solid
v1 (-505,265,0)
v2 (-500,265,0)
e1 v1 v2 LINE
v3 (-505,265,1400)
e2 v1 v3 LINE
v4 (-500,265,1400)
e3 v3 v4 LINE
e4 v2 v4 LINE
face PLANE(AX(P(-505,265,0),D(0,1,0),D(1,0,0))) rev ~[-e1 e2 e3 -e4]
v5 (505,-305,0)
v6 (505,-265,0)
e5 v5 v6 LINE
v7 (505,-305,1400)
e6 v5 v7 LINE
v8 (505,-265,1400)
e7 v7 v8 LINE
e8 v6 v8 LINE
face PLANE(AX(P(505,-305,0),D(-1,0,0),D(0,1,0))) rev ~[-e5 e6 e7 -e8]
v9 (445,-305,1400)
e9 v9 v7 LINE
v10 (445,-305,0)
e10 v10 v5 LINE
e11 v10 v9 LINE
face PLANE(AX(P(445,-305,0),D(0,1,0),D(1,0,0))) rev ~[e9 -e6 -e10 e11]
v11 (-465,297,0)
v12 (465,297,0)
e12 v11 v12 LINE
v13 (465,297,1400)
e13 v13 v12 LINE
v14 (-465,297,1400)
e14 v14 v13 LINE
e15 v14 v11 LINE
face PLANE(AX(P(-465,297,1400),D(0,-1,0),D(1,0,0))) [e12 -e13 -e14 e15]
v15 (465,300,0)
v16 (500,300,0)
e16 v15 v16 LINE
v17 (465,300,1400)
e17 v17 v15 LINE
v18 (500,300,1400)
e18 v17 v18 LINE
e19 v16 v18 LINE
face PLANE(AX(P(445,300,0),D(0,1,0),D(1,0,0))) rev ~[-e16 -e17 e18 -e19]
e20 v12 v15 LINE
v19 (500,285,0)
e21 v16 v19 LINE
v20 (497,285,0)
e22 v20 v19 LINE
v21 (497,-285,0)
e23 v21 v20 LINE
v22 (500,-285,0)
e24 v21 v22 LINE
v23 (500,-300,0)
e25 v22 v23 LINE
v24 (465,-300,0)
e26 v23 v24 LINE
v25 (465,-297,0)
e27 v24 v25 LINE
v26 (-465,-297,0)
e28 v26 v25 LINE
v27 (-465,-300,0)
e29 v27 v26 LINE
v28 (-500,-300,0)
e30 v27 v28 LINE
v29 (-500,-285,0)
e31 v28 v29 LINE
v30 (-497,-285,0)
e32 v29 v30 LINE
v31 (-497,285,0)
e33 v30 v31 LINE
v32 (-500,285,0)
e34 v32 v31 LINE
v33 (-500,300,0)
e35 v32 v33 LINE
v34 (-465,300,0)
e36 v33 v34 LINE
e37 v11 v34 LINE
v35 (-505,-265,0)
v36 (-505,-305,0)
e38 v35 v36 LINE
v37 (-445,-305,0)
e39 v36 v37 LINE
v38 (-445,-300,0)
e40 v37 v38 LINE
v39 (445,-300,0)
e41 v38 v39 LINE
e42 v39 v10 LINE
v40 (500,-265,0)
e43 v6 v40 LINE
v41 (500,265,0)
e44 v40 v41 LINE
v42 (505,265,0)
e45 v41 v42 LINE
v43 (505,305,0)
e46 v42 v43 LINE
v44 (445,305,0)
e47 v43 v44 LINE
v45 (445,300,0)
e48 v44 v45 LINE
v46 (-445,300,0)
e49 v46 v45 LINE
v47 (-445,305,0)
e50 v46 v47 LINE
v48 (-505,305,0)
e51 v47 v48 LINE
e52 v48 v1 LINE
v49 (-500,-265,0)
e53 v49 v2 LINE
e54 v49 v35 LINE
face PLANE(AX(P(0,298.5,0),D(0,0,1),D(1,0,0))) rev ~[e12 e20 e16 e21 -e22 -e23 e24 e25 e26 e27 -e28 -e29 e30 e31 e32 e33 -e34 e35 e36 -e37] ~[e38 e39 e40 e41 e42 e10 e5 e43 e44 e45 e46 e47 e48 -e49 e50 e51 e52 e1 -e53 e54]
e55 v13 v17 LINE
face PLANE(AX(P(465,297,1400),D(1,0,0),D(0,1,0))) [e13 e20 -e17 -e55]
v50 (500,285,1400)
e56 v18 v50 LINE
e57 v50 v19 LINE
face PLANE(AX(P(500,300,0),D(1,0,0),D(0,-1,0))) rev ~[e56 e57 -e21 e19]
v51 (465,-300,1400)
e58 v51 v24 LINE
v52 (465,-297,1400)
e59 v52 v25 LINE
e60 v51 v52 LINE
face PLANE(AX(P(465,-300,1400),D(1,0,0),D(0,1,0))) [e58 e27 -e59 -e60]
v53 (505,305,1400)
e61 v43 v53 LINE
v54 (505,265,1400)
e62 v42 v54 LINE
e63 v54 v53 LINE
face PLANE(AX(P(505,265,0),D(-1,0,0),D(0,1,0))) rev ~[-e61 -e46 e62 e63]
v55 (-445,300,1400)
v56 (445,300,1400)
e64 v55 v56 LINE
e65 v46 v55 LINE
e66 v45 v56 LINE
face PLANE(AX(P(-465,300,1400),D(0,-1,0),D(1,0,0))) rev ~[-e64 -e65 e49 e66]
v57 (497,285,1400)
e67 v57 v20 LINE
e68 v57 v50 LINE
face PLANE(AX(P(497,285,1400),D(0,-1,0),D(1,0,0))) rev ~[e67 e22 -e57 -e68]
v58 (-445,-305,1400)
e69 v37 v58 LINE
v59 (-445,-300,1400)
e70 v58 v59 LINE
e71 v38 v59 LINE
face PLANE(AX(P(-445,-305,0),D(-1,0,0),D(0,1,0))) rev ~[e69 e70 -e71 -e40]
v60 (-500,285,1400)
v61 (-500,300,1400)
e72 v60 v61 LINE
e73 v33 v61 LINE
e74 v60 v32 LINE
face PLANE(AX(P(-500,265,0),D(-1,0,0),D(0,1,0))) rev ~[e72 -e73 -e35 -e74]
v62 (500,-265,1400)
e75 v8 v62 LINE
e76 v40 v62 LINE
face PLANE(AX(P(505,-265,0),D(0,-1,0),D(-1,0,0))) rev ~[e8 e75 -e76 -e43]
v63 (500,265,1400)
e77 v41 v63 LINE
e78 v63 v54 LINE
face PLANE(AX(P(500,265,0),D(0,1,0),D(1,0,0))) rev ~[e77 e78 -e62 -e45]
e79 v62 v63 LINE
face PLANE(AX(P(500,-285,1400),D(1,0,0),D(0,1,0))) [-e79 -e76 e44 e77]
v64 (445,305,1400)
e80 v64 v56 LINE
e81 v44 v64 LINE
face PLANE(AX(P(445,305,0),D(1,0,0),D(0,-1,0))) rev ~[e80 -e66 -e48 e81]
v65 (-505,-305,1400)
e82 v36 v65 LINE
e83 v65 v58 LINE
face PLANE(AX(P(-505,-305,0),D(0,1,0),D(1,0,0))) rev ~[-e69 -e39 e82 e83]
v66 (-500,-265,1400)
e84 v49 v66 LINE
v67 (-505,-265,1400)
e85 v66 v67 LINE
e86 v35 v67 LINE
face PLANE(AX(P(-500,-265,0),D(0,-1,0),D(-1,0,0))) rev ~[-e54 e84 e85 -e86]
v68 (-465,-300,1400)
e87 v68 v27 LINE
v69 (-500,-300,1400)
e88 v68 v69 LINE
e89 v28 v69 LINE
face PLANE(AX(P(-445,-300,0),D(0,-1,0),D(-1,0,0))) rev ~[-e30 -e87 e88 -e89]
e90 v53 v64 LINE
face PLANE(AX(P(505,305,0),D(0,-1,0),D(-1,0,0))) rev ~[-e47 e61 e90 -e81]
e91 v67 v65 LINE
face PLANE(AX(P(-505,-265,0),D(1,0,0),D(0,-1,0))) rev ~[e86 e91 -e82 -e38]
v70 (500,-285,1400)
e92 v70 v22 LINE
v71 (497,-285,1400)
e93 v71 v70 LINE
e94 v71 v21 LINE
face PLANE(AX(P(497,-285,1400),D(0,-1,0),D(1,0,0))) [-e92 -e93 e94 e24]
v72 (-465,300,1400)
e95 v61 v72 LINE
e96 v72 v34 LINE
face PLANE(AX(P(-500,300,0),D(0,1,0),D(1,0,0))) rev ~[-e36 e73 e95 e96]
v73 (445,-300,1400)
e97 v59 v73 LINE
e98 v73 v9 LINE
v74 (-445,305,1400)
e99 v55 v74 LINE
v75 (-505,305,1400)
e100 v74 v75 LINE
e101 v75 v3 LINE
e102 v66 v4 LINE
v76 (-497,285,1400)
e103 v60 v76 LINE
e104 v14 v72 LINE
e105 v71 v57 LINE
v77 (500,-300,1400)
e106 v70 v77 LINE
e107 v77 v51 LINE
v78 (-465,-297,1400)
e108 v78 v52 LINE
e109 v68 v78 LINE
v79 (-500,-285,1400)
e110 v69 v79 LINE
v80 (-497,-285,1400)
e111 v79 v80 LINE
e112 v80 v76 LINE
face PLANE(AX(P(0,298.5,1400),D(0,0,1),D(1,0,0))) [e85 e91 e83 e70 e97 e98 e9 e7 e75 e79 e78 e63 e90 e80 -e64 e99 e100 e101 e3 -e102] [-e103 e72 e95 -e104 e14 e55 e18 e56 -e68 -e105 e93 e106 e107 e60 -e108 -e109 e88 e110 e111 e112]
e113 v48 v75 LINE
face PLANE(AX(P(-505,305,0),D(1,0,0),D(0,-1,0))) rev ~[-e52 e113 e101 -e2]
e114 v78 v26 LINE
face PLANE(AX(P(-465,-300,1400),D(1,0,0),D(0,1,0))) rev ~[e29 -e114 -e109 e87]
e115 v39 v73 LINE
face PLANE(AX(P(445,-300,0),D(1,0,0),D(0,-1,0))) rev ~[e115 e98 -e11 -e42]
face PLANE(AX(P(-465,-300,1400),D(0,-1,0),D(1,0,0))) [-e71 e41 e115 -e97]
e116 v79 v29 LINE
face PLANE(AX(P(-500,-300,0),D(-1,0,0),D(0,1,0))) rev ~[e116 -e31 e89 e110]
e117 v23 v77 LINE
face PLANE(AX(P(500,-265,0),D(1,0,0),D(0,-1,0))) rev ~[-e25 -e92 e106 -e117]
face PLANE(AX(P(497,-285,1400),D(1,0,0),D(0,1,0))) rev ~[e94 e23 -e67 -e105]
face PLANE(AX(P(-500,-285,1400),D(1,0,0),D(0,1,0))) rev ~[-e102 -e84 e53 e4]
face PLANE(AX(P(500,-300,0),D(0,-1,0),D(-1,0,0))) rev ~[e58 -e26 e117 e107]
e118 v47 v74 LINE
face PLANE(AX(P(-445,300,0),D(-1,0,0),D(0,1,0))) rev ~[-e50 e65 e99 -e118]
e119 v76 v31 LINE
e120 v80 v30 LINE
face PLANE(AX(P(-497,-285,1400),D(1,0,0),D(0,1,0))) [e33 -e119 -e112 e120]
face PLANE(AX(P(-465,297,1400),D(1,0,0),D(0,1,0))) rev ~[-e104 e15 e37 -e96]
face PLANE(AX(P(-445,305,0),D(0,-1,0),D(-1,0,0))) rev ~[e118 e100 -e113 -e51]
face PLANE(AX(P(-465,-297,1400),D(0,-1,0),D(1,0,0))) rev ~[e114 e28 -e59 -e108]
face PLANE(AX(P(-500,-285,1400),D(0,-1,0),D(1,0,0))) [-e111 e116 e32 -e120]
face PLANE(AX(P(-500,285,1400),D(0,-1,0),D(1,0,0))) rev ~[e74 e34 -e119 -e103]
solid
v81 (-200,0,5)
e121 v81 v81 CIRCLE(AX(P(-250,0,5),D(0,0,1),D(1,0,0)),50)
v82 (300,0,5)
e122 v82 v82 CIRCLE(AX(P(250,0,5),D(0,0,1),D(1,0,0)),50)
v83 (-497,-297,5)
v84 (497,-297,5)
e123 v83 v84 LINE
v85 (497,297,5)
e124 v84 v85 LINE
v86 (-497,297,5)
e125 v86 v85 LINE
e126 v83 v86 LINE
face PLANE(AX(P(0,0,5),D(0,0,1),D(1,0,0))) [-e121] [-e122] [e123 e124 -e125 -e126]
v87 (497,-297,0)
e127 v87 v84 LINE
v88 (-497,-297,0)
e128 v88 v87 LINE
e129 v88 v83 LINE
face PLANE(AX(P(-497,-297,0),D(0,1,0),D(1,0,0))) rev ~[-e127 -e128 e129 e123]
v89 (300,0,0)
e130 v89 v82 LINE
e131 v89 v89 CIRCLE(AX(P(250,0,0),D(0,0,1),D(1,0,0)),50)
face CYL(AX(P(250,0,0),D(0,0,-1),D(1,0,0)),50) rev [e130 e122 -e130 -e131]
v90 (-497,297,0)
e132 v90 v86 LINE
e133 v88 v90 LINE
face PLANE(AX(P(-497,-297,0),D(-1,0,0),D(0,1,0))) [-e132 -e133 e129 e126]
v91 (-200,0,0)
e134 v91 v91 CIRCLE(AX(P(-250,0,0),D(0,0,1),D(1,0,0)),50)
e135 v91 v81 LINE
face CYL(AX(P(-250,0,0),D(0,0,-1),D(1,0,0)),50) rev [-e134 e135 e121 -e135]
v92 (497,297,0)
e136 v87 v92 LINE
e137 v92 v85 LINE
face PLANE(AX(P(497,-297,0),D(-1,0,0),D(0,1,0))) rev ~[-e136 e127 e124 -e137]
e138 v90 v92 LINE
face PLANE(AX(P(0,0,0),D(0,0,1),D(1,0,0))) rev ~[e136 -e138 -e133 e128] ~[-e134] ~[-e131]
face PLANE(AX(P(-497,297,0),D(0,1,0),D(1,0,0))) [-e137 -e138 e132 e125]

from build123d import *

# Parameters (mm, degrees)
F2_DEPTH = 1400
F3_W     = 930
F3_H     = 3
F3_W_2   = 3
F3_H_2   = 570
F4_DEPTH = 1400
F5_W     = 994
F5_H     = 594
F5_R     = 50
F6_DEPTH = 5


with BuildPart() as f2:
    # F1 (on Top) → F2 (new body, through all)
    with BuildSketch(Plane.XY):
        Polygon((-505, 305), (-505, 265), (-500, 265), (-500, 300), (-445, 300), (-445, 305), align=None)
        Polygon((505, 305), (445, 305), (445, 300), (500, 300), (500, 265), (505, 265), align=None)
        Polygon((445, -300), (445, -305), (505, -305), (505, -265), (500, -265), (500, -300), align=None)
        Polygon((-500, -265), (-505, -265), (-505, -305), (-445, -305), (-445, -300), (-500, -300), align=None)
    extrude(amount=F2_DEPTH)

    # F3 (on offset) → F4 (join, through all)
    with BuildSketch(Plane.XY.offset(1400)):
        with Locations((0, 298.5)):
            Rectangle(F3_W, F3_H)
        with Locations((498.5, 0)):
            Rectangle(F3_W_2, F3_H_2)
        with Locations((0, -298.5)):
            Rectangle(F3_W, F3_H)
        with Locations((-498.5, 0)):
            Rectangle(F3_W_2, F3_H_2)
    extrude(amount=-F4_DEPTH)


with BuildPart() as f6:
    # F5 (on Top) → F6 (new body)
    with BuildSketch(Plane.XY):
        Rectangle(F5_W, F5_H)
        with Locations((-250, 0)):
            Circle(F5_R, mode=Mode.SUBTRACT)
        with Locations((250, 0)):
            Circle(F5_R, mode=Mode.SUBTRACT)
    extrude(amount=F6_DEPTH)


solid = Compound([f2.part, f6.part])
